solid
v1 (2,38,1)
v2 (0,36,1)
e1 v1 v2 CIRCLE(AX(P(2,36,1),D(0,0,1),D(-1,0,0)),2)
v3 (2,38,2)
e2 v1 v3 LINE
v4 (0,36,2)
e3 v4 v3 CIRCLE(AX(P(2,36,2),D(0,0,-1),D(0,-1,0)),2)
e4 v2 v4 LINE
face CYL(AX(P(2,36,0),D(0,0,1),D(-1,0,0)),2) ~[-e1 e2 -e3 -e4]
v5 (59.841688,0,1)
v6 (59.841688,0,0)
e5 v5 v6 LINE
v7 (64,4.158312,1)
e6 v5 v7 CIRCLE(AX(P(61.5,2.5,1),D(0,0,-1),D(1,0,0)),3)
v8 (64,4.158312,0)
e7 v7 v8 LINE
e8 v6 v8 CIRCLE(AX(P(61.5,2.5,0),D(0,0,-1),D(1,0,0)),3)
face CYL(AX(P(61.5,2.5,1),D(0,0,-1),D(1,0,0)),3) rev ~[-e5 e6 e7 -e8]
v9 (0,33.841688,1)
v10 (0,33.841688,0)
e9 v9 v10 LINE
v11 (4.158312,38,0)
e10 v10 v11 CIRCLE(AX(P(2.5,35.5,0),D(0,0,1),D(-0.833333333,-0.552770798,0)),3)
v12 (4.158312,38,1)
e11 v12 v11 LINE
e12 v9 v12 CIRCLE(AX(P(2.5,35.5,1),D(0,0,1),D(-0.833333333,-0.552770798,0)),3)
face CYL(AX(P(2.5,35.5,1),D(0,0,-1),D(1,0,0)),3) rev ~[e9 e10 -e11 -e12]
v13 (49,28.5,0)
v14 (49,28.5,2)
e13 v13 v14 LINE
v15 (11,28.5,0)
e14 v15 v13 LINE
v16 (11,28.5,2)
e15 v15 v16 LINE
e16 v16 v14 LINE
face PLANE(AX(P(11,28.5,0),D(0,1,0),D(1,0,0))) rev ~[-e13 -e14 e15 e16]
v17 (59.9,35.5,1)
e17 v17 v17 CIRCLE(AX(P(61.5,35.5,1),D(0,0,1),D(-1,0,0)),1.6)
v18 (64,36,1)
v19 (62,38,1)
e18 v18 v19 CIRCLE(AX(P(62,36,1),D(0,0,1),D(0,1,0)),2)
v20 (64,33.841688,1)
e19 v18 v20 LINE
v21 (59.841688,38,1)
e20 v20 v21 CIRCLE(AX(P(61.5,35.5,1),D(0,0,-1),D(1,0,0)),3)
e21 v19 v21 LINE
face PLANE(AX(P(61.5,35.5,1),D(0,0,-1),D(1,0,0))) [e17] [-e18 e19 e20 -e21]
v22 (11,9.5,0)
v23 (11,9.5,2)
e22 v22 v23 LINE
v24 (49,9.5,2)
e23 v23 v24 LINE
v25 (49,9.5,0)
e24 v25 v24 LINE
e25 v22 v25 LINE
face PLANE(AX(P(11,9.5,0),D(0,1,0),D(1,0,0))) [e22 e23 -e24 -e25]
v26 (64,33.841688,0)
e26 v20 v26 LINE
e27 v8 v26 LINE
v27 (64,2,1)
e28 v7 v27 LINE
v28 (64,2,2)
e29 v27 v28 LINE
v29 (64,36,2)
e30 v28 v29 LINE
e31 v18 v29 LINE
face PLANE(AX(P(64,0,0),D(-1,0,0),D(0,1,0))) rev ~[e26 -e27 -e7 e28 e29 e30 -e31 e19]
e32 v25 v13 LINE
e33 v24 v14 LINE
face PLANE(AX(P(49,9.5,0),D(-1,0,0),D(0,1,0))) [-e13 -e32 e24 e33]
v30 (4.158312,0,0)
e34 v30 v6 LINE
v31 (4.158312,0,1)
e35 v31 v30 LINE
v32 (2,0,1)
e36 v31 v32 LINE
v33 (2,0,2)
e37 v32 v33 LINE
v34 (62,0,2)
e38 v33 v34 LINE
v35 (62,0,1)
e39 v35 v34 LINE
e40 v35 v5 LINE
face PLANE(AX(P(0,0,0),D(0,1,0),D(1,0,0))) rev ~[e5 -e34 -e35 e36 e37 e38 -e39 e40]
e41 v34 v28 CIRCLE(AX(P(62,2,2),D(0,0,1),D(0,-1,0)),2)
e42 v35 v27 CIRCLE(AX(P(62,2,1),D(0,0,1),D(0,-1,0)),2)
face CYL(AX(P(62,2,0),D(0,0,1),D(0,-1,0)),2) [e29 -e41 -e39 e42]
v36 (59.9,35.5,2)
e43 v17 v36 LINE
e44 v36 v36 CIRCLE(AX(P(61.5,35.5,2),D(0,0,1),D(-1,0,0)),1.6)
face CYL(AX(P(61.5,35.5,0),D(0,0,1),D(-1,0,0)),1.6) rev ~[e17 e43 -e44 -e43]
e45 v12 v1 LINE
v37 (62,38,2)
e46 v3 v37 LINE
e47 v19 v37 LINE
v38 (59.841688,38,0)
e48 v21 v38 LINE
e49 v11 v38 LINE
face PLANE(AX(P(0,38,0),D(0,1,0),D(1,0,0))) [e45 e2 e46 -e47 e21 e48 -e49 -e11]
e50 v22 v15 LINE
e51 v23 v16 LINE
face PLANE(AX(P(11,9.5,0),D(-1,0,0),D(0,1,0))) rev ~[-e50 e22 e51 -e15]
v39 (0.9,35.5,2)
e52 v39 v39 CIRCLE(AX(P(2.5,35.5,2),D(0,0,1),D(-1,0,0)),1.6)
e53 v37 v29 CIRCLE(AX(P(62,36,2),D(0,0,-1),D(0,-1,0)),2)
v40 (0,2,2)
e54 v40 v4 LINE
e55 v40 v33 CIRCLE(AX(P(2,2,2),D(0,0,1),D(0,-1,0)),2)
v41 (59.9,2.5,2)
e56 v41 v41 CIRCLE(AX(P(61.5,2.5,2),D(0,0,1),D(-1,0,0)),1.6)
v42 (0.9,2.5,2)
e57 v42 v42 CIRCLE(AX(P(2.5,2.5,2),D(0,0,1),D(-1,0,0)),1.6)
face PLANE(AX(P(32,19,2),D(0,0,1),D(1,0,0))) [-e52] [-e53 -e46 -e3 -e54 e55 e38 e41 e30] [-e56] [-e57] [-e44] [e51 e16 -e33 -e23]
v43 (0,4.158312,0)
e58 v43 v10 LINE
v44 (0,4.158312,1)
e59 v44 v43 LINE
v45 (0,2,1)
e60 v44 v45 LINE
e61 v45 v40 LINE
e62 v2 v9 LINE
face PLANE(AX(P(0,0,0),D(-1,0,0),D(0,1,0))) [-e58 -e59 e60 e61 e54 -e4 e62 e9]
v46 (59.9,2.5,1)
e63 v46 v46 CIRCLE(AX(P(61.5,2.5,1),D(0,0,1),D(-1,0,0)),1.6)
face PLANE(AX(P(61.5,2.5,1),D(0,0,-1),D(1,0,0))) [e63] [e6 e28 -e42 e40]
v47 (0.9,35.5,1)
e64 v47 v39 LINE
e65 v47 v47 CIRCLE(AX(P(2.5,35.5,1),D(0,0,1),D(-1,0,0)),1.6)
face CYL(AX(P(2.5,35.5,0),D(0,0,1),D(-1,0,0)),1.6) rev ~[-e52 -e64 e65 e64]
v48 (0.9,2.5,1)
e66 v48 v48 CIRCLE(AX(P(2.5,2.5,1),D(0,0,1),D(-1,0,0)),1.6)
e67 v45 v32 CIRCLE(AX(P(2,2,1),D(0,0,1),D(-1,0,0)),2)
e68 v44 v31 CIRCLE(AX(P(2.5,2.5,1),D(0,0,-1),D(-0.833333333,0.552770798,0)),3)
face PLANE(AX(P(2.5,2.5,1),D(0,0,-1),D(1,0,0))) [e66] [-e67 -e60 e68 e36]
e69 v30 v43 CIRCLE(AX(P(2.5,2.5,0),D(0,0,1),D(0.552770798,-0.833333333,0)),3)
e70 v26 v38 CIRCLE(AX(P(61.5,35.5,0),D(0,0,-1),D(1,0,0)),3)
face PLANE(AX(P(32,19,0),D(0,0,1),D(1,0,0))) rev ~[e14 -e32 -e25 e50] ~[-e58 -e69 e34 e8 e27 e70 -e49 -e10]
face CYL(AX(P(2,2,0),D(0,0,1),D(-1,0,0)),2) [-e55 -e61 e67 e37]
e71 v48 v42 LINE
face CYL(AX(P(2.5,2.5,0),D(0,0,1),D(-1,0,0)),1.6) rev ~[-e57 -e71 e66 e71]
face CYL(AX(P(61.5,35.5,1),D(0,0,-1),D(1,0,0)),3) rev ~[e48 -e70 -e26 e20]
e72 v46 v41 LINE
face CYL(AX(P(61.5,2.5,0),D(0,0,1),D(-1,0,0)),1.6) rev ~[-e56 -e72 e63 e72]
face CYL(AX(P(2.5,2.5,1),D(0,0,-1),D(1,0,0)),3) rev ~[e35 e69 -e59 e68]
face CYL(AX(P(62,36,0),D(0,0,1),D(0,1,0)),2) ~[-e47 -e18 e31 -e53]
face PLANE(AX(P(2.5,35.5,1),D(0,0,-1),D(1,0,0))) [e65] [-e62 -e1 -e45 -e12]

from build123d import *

# Parameters (mm, degrees)
F0_W           = 64
F0_H           = 38
F0_W_2         = 38
F0_H_2         = 19
F1_DEPTH       = 2
F2_R           = 2
F4_D           = 3.2
F4_CBORE_D     = 6
F4_CBORE_DEPTH = 1


with BuildPart() as f1:
    # F0 (on Top) → F1 (new body)
    with BuildSketch(Plane.XY):
        with Locations((32, 19)):
            Rectangle(F0_W, F0_H)
        with Locations((30, 19)):
            Rectangle(F0_W_2, F0_H_2, mode=Mode.SUBTRACT)
    extrude(amount=F1_DEPTH)

    # F2
    f2_edges = [f1.edges().sort_by_distance(p)[0] for p in [
        (0, 38, 1),
        (0, 0, 1),
        (64, 0, 1),
        (64, 38, 1),
    ]]
    fillet(f2_edges, radius=F2_R)

    # F4 (through all)
    with Locations(Plane(origin=(0, 0, 0), x_dir=(1, 0, 0), z_dir=(0, 0, -1))):
        with Locations((2.5, -2.5), (2.5, -35.5), (61.5, -35.5), (61.5, -2.5)):
            CounterBoreHole(F4_D / 2, F4_CBORE_D / 2, F4_CBORE_DEPTH)


solid = f1.part
